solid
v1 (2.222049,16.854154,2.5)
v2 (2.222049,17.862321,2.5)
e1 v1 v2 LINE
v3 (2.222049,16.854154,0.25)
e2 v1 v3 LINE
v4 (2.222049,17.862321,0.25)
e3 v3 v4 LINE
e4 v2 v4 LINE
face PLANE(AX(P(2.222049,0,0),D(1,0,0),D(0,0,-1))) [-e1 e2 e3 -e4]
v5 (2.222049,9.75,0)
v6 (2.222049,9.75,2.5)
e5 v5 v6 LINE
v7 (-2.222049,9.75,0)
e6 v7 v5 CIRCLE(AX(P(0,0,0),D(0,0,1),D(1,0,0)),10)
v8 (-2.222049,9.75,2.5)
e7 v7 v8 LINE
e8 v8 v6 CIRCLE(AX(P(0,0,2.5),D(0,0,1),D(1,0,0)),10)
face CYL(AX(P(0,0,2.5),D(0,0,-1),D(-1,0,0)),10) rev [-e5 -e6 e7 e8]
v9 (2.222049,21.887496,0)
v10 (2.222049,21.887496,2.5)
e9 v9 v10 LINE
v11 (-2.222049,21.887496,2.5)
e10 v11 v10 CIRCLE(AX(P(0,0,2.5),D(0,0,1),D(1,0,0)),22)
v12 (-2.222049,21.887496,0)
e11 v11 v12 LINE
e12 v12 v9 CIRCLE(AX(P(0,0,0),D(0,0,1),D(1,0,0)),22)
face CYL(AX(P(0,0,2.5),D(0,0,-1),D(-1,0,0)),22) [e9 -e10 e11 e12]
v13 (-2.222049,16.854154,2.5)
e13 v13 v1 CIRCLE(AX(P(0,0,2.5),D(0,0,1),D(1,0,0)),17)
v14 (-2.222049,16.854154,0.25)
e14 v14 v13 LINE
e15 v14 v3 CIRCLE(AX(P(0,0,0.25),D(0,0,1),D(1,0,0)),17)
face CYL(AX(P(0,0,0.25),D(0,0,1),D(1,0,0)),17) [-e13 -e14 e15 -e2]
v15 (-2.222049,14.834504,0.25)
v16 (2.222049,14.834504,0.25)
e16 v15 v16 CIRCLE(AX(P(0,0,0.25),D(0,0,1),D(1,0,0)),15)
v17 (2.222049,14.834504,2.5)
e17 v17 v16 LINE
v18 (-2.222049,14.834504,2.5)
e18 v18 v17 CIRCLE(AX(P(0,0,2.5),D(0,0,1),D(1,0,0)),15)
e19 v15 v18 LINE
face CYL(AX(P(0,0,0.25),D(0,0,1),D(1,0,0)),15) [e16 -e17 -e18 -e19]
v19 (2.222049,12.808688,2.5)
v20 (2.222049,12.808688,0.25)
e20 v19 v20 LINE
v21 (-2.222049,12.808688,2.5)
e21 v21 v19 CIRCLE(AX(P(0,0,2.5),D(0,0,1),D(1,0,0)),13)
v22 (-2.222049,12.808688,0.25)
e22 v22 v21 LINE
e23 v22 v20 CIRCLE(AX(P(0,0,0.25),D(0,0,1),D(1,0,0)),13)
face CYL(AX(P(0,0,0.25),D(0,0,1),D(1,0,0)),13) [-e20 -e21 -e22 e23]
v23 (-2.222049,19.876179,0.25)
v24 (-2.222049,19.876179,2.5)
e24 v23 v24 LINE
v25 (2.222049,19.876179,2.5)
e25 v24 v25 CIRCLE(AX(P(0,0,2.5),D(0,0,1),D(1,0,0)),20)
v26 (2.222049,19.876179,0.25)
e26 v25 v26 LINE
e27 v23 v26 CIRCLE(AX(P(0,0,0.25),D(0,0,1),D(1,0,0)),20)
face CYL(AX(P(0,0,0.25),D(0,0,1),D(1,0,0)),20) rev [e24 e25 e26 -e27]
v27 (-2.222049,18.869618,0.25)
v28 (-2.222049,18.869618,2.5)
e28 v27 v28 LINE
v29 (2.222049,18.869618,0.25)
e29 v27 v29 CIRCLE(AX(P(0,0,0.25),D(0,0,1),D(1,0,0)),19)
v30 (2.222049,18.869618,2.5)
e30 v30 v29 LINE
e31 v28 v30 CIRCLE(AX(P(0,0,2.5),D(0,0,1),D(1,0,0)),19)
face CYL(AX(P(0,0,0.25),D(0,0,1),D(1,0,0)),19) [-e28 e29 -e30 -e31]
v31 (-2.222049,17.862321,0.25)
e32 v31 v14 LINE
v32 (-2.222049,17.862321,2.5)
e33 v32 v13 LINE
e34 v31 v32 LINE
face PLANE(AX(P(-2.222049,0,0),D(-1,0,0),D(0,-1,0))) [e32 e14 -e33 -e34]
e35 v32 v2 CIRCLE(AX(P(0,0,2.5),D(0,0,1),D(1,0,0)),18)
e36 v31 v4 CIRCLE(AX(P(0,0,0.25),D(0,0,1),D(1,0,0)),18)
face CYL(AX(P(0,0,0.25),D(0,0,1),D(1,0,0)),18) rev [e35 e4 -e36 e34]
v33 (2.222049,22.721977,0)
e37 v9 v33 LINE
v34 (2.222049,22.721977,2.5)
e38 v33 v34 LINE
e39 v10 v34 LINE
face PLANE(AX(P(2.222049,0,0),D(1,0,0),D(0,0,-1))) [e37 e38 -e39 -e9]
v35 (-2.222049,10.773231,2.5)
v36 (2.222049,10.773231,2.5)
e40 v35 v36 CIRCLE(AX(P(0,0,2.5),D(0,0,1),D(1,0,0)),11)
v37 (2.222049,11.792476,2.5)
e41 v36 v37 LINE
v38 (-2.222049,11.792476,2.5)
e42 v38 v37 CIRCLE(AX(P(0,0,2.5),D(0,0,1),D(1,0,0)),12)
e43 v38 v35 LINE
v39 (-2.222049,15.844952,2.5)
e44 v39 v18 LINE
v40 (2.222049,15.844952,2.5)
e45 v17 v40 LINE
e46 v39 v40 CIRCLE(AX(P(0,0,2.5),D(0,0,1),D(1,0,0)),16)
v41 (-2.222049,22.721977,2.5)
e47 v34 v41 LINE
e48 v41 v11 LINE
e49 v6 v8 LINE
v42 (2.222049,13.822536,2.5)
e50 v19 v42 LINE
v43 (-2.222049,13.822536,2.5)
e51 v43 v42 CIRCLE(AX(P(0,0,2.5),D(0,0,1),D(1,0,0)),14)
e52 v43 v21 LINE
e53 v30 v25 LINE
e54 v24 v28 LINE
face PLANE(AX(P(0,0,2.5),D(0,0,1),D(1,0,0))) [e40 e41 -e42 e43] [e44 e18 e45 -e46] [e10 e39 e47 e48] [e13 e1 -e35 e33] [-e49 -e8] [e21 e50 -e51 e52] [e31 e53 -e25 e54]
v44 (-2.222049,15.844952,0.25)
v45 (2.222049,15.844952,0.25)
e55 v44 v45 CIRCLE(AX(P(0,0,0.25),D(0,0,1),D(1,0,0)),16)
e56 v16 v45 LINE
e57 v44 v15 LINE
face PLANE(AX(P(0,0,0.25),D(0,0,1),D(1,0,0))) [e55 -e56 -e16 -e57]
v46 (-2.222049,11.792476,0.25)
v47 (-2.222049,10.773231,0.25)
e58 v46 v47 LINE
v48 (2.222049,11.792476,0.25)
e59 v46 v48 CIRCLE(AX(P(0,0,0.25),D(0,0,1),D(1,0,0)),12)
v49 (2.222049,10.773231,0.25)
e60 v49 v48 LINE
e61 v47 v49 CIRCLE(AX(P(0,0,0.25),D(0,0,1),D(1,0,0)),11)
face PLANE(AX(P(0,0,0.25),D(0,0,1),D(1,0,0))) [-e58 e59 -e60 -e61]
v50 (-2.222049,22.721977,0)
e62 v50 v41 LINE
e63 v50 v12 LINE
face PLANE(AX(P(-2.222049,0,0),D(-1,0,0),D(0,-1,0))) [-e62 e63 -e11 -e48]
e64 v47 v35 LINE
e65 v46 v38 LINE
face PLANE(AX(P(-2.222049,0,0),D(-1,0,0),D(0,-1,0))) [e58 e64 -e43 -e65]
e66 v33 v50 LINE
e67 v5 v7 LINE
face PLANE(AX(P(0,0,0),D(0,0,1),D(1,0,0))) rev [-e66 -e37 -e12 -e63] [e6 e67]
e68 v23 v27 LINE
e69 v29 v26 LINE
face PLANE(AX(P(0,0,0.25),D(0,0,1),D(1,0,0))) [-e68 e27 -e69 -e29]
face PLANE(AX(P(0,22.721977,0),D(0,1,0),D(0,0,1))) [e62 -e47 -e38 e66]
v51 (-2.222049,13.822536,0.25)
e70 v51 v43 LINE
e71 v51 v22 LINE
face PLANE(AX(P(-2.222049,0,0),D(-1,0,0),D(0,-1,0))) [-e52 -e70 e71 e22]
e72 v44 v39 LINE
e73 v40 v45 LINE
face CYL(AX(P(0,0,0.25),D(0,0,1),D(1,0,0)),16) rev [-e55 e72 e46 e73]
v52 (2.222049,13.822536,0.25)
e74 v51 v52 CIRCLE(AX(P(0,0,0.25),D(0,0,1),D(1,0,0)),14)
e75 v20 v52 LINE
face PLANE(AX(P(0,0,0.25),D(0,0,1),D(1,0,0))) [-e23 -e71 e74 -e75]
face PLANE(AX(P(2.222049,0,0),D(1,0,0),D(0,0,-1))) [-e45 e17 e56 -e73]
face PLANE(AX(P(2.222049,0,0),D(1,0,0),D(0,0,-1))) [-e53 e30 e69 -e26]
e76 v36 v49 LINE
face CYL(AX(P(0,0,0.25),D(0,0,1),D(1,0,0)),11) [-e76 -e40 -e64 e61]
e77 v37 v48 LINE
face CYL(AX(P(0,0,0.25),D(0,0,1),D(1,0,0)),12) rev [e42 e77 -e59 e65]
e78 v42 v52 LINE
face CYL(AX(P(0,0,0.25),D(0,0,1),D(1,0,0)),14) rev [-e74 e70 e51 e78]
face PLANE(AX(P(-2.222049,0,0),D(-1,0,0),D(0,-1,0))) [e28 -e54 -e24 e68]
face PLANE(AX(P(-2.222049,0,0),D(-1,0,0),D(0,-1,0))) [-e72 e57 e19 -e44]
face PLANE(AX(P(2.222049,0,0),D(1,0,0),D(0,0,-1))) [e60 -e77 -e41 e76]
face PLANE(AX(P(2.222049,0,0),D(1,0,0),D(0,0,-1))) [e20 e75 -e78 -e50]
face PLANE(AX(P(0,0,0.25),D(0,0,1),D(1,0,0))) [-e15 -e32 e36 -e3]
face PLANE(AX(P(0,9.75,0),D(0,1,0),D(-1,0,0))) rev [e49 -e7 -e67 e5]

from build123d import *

# Parameters (mm, degrees)
CROQUIS1_R              = 22
CROQUIS1_R_2            = 10
SALIENTE_EXTRUIR1_DEPTH = 2.5
CROQUIS2_R              = 20
CROQUIS2_R_2            = 19
CROQUIS2_R_3            = 18
CROQUIS2_R_4            = 17
CROQUIS2_R_5            = 16
CROQUIS2_R_6            = 15
CROQUIS2_R_7            = 14
CROQUIS2_R_8            = 13
CROQUIS2_R_9            = 12
CROQUIS2_R_10           = 11
CORTAR_EXTRUIR1_DEPTH   = 2.25
SALIENTE_EXTRUIR2_DEPTH = 2.5


with BuildPart() as part:
    # Croquis1 → Saliente-Extruir1 (new body)
    with BuildSketch(Plane.XY):
        Circle(CROQUIS1_R)
        Circle(CROQUIS1_R_2, mode=Mode.SUBTRACT)
    extrude(amount=SALIENTE_EXTRUIR1_DEPTH)

    # Croquis2 → Cortar-Extruir1 (cut)
    # profile 1 of 5: a face of its own
    with BuildSketch(Plane.XY.offset(2.5)):
        Circle(CROQUIS2_R)
        Circle(CROQUIS2_R_2, mode=Mode.SUBTRACT)
    # profile 2 of 5: a face of its own
    with BuildSketch(Plane.XY.offset(2.5)):
        Circle(CROQUIS2_R_3)
        Circle(CROQUIS2_R_4, mode=Mode.SUBTRACT)
    # profile 3 of 5: a face of its own
    with BuildSketch(Plane.XY.offset(2.5)):
        Circle(CROQUIS2_R_5)
        Circle(CROQUIS2_R_6, mode=Mode.SUBTRACT)
    # profile 4 of 5: a face of its own
    with BuildSketch(Plane.XY.offset(2.5)):
        Circle(CROQUIS2_R_7)
        Circle(CROQUIS2_R_8, mode=Mode.SUBTRACT)
    # profile 5 of 5: a face of its own
    with BuildSketch(Plane.XY.offset(2.5)):
        Circle(CROQUIS2_R_9)
        Circle(CROQUIS2_R_10, mode=Mode.SUBTRACT)
    extrude(amount=-CORTAR_EXTRUIR1_DEPTH, mode=Mode.SUBTRACT)

    # Croquis3 → Saliente-Extruir2 (add)
    with BuildSketch(Plane.XY.offset(2.5)):
        with BuildLine():
            ThreePointArc((2.222048604, 9.75), (0, 10), (-2.222048604, 9.75))
            Line((-2.222048604, 9.75), (2.222048604, 9.75))
        make_face()
        with BuildLine():
            ThreePointArc((-2.222048604, 10.773230713), (0, 11), (2.222048604, 10.773230713))
            Line((2.222048604, 10.773230713), (2.222048604, 11.792476415))
            ThreePointArc((2.222048604, 11.792476415), (0, 12), (-2.222048604, 11.792476415))
            Line((-2.222048604, 11.792476415), (-2.222048604, 10.773230713))
        make_face()
        with BuildLine():
            ThreePointArc((-2.222048604, 12.808688457), (0, 13), (2.222048604, 12.808688457))
            Line((2.222048604, 12.808688457), (2.222048604, 13.822535947))
            ThreePointArc((2.222048604, 13.822535947), (0, 14), (-2.222048604, 13.822535947))
            Line((-2.222048604, 13.822535947), (-2.222048604, 12.808688457))
        make_face()
        with BuildLine():
            ThreePointArc((-2.222048604, 14.834503699), (0, 15), (2.222048604, 14.834503699))
            Line((2.222048604, 14.834503699), (2.222048604, 15.844951877))
            ThreePointArc((2.222048604, 15.844951877), (0, 16), (-2.222048604, 15.844951877))
            Line((-2.222048604, 15.844951877), (-2.222048604, 14.834503699))
        make_face()
        with BuildLine():
            ThreePointArc((-2.222048604, 16.854153791), (0, 17), (2.222048604, 16.854153791))
            Line((2.222048604, 16.854153791), (2.222048604, 17.862320678))
            ThreePointArc((2.222048604, 17.862320678), (0, 18), (-2.222048604, 17.862320678))
            Line((-2.222048604, 17.862320678), (-2.222048604, 16.854153791))
        make_face()
        with BuildLine():
            ThreePointArc((-2.222048604, 18.869618438), (0, 19), (2.222048604, 18.869618438))
            Line((2.222048604, 18.869618438), (2.222048604, 19.87617921))
            ThreePointArc((2.222048604, 19.87617921), (0, 20), (-2.222048604, 19.87617921))
            Line((-2.222048604, 19.87617921), (-2.222048604, 18.869618438))
        make_face()
        with BuildLine():
            ThreePointArc((-2.222048604, 21.887496431), (0, 22), (2.222048604, 21.887496431))
            Line((2.222048604, 21.887496431), (2.222048604, 22.721977181))
            Line((2.222048604, 22.721977181), (-2.222048604, 22.721977181))
            Line((-2.222048604, 22.721977181), (-2.222048604, 21.887496431))
        make_face()
    extrude(amount=-SALIENTE_EXTRUIR2_DEPTH)


solid = part.part
